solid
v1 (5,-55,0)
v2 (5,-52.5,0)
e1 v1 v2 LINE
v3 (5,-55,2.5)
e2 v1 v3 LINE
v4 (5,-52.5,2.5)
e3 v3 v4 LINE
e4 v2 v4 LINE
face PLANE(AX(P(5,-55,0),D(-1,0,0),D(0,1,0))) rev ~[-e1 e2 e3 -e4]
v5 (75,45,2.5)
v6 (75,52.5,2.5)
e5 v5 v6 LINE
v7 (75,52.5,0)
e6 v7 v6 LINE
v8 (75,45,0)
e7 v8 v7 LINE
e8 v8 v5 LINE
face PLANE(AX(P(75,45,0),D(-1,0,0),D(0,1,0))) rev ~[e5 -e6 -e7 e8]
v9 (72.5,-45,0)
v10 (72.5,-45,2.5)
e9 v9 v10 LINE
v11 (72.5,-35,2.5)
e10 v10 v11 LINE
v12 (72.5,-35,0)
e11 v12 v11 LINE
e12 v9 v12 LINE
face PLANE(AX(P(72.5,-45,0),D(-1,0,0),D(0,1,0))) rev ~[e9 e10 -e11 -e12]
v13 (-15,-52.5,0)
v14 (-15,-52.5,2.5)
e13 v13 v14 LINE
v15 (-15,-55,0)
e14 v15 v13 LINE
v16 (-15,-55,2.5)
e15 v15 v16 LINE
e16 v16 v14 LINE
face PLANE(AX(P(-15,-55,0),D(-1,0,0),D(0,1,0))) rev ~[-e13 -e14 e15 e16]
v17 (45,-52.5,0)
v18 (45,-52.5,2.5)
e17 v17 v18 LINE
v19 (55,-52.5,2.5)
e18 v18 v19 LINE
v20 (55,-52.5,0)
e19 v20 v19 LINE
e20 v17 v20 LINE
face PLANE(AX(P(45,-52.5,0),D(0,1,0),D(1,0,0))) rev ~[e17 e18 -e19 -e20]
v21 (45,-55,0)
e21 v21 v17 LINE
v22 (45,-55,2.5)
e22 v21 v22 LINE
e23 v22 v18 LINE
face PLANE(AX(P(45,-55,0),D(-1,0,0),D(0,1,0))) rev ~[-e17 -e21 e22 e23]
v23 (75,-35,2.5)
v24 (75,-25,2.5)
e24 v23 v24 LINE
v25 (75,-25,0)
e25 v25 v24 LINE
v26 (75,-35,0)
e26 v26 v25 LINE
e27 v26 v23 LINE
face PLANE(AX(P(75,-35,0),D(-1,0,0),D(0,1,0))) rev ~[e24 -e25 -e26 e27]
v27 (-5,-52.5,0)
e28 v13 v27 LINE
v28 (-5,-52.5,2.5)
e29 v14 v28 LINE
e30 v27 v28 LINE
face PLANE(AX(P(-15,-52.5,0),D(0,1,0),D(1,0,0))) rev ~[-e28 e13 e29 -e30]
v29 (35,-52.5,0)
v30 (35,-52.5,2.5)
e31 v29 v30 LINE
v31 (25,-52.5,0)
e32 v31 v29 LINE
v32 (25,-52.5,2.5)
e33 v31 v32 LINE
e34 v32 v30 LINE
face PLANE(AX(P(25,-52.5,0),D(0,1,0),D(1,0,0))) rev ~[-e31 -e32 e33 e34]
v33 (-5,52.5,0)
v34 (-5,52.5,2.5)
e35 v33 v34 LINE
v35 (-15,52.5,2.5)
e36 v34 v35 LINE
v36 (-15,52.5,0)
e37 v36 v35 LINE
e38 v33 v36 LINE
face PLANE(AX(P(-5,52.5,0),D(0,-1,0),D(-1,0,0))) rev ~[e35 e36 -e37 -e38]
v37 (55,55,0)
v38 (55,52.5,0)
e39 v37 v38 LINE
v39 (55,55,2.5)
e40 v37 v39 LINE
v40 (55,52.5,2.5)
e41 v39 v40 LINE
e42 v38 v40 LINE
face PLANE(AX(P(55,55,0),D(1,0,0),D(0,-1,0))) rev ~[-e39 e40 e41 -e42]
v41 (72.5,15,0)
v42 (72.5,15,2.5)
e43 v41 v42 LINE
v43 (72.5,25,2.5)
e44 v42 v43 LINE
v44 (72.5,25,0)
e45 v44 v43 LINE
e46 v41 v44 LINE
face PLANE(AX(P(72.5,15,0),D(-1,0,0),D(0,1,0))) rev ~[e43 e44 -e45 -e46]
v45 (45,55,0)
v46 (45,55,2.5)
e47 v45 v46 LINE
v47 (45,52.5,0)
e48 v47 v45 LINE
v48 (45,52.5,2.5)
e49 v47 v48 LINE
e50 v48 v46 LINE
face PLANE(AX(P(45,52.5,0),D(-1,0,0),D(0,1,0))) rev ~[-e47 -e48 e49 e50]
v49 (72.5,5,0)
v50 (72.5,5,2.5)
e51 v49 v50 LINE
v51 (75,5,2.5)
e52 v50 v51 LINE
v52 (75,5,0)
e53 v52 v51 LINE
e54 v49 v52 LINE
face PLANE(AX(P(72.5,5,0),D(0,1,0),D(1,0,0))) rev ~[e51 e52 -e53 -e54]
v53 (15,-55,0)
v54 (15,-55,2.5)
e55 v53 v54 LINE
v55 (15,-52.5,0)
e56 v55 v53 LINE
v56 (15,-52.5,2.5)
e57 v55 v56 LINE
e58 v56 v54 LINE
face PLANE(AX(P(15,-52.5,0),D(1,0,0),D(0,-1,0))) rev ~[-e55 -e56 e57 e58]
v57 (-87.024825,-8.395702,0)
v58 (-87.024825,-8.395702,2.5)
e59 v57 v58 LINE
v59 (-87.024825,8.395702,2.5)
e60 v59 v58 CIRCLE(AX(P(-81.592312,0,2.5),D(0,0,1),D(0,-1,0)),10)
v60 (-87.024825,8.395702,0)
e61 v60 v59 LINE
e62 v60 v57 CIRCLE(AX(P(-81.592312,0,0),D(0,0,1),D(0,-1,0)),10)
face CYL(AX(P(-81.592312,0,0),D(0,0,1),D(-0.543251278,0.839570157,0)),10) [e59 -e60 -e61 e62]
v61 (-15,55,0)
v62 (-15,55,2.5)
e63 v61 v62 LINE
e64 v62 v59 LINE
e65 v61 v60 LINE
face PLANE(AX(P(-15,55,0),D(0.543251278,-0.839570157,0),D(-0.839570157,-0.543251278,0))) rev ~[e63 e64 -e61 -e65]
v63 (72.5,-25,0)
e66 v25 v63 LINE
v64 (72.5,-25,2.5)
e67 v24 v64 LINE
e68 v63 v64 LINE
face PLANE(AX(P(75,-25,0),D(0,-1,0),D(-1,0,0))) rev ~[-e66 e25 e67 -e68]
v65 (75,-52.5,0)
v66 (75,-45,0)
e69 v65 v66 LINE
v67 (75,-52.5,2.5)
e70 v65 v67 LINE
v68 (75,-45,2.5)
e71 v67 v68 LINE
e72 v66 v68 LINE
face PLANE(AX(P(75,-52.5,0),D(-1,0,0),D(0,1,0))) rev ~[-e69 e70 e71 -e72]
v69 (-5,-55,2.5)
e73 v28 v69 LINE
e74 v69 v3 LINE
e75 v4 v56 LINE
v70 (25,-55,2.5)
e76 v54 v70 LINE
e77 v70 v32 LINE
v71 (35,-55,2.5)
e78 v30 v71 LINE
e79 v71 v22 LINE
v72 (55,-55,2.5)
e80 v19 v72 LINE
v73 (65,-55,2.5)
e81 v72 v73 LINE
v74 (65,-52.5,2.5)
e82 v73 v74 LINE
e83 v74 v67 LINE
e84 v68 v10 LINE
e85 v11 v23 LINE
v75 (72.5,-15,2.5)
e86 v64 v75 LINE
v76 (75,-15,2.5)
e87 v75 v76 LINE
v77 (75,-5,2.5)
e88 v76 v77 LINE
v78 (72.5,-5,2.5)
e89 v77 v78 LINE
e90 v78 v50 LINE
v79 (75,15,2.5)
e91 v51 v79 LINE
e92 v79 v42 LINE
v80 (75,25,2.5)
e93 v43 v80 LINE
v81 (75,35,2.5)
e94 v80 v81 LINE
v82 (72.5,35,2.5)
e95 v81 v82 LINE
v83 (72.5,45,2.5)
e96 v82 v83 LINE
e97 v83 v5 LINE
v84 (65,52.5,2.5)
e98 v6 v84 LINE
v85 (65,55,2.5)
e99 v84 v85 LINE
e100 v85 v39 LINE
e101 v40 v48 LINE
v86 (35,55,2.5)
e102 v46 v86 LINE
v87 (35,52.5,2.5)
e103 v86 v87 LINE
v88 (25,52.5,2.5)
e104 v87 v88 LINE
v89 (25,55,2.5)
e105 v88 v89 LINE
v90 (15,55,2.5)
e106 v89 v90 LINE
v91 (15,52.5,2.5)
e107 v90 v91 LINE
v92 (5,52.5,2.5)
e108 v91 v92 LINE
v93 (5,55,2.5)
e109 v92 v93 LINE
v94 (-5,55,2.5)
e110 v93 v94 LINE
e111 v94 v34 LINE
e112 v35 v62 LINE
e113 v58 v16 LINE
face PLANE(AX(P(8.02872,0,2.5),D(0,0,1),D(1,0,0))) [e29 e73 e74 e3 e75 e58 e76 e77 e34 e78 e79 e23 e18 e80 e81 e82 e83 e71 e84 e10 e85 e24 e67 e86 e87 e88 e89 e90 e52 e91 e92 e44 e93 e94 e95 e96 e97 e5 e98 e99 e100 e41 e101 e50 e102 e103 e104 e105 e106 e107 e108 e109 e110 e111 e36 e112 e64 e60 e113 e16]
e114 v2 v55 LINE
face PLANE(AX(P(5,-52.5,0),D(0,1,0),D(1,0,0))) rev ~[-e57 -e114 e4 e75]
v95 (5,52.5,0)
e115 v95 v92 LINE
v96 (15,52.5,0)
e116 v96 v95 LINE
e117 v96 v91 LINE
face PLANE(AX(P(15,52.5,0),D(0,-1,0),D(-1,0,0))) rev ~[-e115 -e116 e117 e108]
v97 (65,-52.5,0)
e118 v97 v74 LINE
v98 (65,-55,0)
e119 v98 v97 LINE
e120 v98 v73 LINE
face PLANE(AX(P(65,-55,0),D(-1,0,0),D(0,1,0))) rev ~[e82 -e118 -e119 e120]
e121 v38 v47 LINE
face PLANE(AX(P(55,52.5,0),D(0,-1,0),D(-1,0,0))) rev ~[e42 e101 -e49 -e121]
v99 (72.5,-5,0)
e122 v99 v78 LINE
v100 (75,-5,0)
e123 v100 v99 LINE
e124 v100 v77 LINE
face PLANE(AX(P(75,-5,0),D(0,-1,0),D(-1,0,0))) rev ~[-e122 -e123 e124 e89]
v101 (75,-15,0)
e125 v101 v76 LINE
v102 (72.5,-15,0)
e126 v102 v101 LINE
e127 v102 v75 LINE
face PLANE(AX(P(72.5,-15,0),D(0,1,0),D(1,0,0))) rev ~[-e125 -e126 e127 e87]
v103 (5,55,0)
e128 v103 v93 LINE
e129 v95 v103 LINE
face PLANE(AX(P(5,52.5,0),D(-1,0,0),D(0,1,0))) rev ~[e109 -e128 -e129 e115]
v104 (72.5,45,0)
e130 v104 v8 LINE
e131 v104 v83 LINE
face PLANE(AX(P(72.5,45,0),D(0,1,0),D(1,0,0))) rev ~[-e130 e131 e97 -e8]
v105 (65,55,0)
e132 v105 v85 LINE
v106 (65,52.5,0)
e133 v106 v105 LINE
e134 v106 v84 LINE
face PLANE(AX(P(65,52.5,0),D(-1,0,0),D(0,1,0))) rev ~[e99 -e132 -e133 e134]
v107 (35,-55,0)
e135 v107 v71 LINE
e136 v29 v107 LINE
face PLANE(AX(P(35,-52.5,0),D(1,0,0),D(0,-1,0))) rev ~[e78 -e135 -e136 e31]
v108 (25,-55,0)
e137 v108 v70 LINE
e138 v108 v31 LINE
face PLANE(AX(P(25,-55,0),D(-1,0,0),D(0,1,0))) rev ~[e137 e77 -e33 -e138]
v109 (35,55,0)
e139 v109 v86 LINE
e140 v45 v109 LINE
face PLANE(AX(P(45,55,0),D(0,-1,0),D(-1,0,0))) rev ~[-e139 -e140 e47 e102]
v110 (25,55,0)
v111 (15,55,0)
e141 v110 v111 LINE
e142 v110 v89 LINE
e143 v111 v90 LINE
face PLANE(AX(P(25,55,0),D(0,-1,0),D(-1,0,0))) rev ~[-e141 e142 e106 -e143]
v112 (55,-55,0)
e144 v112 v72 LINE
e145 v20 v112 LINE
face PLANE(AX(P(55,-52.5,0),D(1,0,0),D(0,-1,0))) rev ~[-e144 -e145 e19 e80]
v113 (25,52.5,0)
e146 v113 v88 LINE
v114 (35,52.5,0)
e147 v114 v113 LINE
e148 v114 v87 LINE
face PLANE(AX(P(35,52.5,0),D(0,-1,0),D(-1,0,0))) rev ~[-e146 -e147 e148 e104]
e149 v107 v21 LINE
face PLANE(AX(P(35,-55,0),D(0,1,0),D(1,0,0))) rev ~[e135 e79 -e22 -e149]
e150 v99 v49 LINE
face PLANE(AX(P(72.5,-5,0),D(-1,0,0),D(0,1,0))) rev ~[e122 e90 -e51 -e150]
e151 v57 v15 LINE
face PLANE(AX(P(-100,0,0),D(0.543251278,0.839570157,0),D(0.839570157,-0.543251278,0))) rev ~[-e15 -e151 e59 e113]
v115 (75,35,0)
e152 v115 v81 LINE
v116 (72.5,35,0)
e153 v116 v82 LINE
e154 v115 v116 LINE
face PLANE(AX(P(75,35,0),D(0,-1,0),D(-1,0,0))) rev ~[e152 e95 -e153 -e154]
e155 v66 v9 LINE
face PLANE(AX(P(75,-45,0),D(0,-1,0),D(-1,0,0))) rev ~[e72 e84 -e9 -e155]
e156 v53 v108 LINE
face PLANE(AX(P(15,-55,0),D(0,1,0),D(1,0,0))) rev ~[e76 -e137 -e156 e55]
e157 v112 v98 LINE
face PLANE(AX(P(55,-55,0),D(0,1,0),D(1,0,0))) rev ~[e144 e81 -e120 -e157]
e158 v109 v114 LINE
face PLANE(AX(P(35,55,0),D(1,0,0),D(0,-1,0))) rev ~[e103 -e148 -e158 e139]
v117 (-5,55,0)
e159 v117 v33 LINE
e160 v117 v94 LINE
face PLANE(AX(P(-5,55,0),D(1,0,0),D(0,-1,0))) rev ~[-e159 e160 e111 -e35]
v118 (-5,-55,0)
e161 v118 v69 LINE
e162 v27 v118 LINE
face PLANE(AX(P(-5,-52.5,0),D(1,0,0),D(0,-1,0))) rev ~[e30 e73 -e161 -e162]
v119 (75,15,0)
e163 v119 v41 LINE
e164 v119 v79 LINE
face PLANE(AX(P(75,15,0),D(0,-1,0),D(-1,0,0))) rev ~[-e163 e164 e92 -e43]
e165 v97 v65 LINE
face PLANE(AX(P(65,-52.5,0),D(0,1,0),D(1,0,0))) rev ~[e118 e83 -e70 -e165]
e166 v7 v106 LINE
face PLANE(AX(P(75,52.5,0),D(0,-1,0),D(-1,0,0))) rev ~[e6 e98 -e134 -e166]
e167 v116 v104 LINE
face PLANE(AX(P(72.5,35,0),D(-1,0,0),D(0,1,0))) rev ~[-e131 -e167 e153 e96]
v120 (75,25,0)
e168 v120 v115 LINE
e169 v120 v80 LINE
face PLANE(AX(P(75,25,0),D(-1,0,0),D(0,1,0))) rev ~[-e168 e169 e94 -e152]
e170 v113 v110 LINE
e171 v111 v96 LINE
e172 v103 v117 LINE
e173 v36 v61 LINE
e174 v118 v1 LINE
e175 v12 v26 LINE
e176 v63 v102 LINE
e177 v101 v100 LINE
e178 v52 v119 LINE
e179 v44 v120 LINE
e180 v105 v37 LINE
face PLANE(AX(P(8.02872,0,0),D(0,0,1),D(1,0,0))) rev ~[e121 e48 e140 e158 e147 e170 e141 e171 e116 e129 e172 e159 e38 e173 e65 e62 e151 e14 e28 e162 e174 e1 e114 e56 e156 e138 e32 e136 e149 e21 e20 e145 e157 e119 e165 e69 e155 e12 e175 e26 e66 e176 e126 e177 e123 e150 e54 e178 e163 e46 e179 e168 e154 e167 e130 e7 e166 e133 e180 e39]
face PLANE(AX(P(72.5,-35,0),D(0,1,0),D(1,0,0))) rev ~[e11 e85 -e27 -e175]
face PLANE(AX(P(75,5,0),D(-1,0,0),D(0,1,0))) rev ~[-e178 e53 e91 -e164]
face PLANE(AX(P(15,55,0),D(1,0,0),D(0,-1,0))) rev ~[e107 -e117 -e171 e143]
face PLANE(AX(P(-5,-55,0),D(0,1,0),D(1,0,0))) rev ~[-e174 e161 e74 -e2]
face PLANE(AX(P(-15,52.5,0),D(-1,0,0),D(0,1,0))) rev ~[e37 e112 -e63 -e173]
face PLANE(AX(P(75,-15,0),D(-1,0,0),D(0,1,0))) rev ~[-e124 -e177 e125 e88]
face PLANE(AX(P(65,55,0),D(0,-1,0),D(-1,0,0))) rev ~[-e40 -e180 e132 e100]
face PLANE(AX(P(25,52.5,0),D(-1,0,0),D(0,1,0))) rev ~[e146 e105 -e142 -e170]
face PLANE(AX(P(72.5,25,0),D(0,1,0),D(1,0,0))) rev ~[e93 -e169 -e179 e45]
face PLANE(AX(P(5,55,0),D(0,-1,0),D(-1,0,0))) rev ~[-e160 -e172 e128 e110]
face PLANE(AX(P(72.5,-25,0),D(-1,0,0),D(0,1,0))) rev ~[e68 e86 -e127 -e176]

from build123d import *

# Parameters (mm, degrees)
F1_DEPTH = 2.5
F2_R     = 10


with BuildPart() as f1:
    # F0 (on Top) → F1 (new body)
    with BuildSketch(Plane.XY):
        Polygon((55, -55), (65, -55), (65, -52.5), (75, -52.5), (75, -45), (72.5, -45), (72.5, -35), (75, -35), (75, -25), (72.5, -25), (72.5, -15), (75, -15), (75, -5), (72.5, -5), (72.5, 5), (75, 5), (75, 15), (72.5, 15), (72.5, 25), (75, 25), (75, 35), (72.5, 35), (72.5, 45), (75, 45), (75, 52.5), (65, 52.5), (65, 55), (55, 55), (55, 52.5), (45, 52.5), (45, 55), (35, 55), (35, 52.5), (25, 52.5), (25, 55), (15, 55), (15, 52.5), (5, 52.5), (5, 55), (-5, 55), (-5, 52.5), (-15, 52.5), (-15, 55), (-100, 0), (-15, -55), (-15, -52.5), (-5, -52.5), (-5, -55), (5, -55), (5, -52.5), (15, -52.5), (15, -55), (25, -55), (25, -52.5), (35, -52.5), (35, -55), (45, -55), (45, -52.5), (55, -52.5), align=None)
    extrude(amount=F1_DEPTH)

    # F2
    f2_edges = [f1.edges().sort_by_distance(p)[0] for p in [
        (-100, 0, 1.25),
    ]]
    fillet(f2_edges, radius=F2_R)


solid = f1.part
